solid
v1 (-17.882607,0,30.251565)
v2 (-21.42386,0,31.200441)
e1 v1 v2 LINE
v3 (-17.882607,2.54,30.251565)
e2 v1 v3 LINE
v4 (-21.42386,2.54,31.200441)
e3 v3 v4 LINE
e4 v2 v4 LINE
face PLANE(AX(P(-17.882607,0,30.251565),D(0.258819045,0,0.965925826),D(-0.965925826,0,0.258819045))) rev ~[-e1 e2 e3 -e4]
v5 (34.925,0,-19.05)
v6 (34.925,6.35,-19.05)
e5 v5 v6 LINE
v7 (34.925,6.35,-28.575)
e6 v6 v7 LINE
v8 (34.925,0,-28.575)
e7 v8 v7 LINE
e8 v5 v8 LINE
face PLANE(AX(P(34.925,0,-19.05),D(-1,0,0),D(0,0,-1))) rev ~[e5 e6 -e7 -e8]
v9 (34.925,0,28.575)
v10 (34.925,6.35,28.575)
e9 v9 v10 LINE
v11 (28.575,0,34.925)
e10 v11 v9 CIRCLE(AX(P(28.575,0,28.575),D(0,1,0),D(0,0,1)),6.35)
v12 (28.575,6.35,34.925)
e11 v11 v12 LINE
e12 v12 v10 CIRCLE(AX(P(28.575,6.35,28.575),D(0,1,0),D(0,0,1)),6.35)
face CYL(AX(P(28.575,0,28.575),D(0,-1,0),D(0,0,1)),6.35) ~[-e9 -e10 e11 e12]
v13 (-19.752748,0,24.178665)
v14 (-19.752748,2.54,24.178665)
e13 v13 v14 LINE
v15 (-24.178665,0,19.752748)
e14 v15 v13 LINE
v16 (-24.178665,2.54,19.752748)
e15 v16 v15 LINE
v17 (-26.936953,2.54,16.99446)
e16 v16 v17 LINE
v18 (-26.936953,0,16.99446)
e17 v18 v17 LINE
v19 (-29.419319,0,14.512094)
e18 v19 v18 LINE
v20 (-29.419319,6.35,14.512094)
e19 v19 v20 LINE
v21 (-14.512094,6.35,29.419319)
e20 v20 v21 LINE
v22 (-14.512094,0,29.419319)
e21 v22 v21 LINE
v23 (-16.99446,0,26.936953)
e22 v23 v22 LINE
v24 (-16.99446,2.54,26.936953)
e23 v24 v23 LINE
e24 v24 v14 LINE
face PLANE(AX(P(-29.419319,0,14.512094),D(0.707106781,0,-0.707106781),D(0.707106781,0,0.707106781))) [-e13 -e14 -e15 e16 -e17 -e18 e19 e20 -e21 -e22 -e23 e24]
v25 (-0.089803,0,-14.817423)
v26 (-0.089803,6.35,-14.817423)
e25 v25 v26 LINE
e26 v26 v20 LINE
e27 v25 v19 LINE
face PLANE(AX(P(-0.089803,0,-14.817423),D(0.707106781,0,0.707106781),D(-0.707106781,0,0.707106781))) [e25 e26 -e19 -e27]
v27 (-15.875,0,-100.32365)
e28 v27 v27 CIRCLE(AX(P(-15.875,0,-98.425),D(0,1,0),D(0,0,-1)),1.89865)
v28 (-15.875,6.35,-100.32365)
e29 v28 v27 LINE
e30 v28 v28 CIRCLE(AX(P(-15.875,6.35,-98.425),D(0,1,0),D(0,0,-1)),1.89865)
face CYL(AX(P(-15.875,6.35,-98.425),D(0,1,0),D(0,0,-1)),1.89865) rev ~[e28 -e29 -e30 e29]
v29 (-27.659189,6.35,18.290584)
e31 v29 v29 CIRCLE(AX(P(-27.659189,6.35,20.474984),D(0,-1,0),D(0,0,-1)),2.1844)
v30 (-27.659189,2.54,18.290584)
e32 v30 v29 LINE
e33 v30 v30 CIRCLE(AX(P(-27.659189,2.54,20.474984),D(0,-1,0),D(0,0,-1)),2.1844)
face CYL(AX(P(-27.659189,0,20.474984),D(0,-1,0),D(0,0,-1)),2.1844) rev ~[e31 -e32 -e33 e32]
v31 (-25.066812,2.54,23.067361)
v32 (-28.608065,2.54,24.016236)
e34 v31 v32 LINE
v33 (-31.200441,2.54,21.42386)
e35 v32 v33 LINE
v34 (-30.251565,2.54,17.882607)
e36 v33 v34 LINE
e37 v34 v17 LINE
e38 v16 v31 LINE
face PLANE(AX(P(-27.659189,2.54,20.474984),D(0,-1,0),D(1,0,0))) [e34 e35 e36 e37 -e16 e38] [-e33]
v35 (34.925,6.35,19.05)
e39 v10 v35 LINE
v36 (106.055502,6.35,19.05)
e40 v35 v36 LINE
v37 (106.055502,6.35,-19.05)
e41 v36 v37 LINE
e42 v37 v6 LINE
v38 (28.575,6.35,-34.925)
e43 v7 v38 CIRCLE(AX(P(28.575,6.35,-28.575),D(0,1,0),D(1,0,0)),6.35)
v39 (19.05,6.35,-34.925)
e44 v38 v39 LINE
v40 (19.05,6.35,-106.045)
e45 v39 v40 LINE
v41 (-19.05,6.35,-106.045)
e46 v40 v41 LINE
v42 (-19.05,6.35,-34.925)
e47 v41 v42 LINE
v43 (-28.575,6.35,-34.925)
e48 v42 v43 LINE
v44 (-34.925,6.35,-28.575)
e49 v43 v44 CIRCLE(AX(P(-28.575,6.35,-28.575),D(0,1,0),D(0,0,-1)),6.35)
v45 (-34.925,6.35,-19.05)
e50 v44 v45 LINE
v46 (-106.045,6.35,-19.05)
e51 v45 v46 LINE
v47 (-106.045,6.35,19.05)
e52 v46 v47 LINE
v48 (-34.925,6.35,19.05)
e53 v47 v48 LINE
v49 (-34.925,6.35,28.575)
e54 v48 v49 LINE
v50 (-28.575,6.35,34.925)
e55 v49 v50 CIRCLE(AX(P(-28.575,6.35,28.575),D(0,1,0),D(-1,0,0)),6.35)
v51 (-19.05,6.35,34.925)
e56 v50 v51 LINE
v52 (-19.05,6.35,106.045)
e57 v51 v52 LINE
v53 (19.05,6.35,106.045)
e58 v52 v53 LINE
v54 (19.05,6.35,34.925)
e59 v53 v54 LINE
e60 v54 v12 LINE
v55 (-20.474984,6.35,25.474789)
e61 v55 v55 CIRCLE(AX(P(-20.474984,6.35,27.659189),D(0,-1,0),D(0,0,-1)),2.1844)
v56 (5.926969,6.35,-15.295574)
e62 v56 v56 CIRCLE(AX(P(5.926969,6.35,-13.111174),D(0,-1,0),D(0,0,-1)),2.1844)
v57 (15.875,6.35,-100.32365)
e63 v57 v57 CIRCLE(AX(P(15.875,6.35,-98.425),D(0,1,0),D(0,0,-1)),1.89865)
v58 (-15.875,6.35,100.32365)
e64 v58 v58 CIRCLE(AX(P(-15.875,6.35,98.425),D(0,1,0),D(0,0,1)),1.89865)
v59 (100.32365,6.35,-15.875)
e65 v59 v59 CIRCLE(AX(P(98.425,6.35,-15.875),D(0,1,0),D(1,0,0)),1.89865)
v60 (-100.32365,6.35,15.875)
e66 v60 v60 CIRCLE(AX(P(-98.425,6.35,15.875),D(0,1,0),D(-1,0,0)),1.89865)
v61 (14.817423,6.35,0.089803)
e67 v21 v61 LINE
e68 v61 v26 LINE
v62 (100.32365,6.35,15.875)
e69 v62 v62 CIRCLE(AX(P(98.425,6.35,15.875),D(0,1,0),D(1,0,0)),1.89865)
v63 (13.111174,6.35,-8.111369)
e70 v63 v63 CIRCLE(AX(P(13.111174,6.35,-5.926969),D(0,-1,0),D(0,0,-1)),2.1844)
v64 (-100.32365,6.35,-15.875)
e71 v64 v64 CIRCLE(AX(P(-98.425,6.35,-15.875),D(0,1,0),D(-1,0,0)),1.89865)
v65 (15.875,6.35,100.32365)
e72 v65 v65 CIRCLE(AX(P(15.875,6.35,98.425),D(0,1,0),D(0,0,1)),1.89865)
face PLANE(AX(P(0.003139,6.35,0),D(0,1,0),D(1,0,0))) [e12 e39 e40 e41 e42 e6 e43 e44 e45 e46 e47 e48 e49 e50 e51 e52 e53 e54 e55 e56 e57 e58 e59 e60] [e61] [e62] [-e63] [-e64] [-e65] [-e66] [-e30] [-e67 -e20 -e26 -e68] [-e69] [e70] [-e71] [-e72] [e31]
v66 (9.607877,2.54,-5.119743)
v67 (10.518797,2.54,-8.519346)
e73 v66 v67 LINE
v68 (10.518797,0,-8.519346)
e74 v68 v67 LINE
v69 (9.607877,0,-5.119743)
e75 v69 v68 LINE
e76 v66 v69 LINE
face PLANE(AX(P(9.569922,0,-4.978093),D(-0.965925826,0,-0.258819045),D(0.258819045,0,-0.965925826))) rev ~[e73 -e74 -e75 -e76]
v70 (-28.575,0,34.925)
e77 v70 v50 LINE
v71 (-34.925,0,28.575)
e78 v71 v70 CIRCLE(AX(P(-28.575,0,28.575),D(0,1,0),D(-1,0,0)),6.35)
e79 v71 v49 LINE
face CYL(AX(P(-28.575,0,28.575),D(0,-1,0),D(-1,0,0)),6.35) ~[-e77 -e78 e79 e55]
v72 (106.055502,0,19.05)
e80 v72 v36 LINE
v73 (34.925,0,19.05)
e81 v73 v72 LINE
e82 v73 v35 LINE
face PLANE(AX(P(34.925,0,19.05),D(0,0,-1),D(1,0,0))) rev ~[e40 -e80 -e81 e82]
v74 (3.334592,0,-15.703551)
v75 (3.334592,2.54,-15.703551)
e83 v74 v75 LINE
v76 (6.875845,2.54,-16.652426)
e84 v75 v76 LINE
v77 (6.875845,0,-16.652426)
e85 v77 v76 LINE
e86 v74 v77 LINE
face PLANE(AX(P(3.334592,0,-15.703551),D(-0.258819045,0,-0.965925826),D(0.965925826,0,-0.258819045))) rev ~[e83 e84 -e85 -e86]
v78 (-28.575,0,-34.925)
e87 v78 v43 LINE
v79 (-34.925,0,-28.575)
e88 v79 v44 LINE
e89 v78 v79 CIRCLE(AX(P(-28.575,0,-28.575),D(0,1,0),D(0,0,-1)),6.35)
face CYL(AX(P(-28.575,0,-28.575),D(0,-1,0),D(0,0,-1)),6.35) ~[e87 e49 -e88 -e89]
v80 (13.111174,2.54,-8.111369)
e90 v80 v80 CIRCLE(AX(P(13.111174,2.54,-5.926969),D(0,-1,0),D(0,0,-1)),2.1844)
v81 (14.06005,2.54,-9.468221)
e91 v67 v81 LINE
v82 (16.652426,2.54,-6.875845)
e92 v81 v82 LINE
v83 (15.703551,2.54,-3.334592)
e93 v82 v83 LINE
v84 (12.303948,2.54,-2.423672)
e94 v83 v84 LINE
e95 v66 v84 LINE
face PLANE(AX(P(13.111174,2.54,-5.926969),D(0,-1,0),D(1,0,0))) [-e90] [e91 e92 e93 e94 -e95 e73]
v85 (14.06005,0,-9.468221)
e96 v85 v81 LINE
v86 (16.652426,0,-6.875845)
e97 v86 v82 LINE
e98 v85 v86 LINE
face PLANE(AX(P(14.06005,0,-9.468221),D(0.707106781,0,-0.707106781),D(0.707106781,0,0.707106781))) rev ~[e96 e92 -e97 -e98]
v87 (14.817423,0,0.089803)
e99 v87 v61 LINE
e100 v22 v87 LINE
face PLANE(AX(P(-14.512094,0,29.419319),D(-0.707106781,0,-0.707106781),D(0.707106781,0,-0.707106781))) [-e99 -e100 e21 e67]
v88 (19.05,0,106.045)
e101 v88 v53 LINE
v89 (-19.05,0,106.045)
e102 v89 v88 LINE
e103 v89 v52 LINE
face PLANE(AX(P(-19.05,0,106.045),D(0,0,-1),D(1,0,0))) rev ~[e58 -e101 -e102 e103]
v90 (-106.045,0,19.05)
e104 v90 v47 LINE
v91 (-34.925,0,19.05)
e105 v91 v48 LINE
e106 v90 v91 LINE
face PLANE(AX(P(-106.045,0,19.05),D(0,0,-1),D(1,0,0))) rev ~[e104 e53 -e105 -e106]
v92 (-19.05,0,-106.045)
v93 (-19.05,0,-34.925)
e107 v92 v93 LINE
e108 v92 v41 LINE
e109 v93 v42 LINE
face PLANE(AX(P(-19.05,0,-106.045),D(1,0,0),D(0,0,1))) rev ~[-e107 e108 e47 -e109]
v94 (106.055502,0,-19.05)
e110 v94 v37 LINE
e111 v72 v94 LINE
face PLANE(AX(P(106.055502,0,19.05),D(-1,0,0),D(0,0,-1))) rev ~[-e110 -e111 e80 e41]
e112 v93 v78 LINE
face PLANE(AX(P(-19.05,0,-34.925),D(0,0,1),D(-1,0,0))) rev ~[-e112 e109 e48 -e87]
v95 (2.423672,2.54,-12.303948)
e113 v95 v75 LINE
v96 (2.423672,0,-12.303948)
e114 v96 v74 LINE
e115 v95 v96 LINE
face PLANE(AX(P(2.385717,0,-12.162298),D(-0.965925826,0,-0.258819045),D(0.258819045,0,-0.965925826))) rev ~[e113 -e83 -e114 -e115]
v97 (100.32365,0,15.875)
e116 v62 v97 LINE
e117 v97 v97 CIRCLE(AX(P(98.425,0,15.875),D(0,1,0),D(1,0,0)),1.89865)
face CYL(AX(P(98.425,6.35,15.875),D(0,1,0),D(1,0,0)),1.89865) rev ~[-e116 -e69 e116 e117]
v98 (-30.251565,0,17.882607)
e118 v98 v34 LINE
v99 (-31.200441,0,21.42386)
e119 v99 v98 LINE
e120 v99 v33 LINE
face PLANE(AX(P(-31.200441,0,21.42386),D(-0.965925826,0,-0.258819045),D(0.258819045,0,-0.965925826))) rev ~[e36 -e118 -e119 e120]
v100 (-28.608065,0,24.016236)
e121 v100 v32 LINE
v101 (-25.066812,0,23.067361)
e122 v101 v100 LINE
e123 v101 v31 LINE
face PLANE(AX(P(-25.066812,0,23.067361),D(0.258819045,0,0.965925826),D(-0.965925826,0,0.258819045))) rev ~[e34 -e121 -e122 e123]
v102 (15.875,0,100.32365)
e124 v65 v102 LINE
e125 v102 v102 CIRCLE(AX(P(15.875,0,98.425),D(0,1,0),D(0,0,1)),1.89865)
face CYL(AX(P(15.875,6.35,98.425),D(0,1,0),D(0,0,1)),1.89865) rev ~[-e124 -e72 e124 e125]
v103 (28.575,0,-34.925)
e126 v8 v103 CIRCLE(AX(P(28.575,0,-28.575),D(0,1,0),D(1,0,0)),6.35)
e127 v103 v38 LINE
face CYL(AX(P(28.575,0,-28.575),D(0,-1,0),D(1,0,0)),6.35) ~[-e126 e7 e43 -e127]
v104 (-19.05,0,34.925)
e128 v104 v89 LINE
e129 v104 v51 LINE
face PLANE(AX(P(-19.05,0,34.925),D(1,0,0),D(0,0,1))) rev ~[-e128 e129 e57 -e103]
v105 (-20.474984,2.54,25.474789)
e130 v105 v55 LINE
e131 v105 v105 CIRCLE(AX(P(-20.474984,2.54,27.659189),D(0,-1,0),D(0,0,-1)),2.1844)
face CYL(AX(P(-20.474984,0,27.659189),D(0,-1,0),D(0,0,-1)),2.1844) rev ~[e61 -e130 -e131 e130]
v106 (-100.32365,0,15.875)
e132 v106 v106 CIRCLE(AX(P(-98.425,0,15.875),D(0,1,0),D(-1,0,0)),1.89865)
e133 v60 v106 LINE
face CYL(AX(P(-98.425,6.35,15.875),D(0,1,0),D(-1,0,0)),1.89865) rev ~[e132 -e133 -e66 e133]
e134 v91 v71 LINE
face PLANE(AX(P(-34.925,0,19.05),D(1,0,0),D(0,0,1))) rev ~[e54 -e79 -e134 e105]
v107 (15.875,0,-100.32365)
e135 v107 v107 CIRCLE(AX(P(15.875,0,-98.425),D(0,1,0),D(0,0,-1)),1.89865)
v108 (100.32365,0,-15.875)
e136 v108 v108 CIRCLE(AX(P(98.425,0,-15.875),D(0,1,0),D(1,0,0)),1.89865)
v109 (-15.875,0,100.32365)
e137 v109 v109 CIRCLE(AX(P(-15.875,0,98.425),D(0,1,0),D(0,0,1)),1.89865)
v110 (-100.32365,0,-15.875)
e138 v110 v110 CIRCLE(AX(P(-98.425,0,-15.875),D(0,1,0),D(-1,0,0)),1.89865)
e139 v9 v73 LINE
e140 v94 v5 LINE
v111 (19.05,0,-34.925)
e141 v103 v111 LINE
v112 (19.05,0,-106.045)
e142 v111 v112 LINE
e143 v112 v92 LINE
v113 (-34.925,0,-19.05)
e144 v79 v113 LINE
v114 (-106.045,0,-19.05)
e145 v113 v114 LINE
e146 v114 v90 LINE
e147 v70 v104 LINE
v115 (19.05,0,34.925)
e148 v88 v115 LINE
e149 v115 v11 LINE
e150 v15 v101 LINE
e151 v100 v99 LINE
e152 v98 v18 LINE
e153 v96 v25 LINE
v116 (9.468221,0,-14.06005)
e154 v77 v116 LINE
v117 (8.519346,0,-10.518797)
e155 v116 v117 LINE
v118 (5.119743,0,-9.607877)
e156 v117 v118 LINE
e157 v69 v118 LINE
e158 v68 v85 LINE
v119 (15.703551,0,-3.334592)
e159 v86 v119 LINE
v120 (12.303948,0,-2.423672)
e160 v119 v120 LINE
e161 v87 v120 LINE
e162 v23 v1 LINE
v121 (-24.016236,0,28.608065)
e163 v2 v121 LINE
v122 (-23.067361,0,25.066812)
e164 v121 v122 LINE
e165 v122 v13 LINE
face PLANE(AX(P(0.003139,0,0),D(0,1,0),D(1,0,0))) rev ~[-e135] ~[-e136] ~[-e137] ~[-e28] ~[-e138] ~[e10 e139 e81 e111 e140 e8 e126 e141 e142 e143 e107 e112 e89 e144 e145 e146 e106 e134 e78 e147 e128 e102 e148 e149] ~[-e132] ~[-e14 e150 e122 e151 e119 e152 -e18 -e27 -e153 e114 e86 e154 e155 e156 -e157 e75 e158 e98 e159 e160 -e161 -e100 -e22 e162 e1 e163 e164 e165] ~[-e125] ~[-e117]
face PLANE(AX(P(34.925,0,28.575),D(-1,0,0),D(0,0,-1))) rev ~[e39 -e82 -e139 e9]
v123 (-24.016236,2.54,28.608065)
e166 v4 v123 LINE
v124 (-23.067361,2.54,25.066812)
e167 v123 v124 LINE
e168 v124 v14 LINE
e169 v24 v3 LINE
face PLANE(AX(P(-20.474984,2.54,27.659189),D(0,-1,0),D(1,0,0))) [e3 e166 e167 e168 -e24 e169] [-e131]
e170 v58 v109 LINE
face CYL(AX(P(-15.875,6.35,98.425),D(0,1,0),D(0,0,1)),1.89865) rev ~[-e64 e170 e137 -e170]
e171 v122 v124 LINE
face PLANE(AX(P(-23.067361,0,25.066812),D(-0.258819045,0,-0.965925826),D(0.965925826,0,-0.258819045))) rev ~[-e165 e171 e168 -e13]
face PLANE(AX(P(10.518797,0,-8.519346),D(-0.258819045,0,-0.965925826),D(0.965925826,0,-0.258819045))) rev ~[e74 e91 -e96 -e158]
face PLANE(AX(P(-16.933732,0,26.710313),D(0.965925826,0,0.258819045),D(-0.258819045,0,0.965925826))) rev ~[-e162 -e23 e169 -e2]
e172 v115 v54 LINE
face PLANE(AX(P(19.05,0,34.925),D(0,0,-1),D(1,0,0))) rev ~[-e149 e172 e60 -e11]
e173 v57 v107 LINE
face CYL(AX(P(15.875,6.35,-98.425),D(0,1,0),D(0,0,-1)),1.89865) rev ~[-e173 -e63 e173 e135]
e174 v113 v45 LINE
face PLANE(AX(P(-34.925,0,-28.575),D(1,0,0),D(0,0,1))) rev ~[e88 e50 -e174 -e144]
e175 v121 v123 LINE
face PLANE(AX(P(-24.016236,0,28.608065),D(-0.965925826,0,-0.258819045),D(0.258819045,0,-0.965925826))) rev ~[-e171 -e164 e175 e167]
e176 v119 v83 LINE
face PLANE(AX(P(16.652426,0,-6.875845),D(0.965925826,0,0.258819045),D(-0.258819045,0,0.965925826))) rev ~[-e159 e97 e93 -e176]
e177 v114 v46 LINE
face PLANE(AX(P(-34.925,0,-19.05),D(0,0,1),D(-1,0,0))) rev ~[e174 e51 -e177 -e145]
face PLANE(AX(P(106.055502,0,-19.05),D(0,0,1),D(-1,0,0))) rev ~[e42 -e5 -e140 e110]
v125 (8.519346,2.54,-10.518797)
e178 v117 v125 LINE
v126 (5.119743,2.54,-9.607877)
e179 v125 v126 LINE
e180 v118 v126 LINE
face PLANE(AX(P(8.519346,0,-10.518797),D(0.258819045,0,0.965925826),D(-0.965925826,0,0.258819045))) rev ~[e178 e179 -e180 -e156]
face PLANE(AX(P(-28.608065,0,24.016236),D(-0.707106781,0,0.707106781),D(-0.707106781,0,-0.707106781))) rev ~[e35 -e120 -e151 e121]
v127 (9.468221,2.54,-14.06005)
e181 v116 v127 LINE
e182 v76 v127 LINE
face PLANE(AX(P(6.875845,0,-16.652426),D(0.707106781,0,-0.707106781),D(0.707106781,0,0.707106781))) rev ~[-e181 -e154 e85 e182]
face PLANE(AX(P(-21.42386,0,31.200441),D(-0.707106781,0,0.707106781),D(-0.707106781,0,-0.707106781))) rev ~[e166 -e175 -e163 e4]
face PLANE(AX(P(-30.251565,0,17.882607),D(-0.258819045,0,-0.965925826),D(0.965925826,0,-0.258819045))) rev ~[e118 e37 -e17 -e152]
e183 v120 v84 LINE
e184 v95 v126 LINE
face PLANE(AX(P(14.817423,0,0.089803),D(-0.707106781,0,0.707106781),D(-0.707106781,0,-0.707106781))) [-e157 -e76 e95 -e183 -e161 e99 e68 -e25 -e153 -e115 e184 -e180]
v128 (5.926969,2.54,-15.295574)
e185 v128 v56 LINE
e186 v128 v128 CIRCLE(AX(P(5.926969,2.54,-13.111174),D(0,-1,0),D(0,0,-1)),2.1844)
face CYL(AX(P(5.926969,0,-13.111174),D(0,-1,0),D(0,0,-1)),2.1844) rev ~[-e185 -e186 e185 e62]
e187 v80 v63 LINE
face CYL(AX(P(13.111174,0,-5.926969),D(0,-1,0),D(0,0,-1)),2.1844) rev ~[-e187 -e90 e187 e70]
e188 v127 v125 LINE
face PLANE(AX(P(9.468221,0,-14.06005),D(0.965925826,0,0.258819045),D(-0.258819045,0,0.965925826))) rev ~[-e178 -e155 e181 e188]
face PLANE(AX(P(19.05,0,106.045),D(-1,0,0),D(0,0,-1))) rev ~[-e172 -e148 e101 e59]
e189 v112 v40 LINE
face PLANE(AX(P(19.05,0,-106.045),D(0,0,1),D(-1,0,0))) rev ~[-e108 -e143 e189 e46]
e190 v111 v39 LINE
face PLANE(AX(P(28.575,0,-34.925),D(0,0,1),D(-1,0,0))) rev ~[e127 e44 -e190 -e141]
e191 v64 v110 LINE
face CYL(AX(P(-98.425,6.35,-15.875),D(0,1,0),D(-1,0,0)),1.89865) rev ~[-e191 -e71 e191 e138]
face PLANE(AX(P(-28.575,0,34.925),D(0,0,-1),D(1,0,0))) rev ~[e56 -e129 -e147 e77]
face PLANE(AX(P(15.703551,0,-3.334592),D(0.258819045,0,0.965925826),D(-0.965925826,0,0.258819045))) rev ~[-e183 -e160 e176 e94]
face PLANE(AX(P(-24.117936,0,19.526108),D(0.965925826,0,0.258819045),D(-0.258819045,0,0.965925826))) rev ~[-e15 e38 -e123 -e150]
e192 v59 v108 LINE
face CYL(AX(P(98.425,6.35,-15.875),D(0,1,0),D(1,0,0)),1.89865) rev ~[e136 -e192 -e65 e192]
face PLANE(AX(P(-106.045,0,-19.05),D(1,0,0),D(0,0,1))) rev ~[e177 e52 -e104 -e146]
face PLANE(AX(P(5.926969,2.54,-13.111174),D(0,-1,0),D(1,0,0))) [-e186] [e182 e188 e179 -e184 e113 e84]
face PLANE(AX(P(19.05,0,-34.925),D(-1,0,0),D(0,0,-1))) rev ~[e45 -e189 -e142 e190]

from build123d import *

# Parameters (mm, degrees)
BOSS_EXTRU_1_DEPTH           = 6.35
ENL_V_MAT_EXTRU_1_REACH      = 152.112
ESQUISSE2_R                  = 2.1844
ENL_V_MAT_EXTRU_2_DEPTH      = 2.54
ENL_V_MAT_EXTRU_3_REACH      = 152.112
ESQUISSE5_R                  = 1.89865
ENL_V_MAT_EXTRU_4_DEPTH      = 151.112071772
R_P_TITION_CIRCULAIRE1_COUNT = 4


with BuildPart() as part:
    # Esquisse1 → Boss.-Extru.1 (new body)
    with BuildSketch(Plane(origin=(0, 0, 0), x_dir=(1, 0, 0), z_dir=(0, 1, 0))):
        with BuildLine():
            Line((19.049999994, 106.045), (-19.050000006, 106.045))
            Line((-19.050000006, 106.045), (-19.050000006, 34.925))
            Line((-19.050000006, 34.925), (-28.575, 34.925))
            ThreePointArc((-28.575, 34.925), (-33.065128061, 33.065128061), (-34.925, 28.575))
            Line((-34.925, 28.575), (-34.925, 19.05))
            Line((-34.925, 19.05), (-106.045, 19.05))
            Line((-106.045, 19.05), (-106.045, -19.05))
            Line((-106.045, -19.05), (-34.925, -19.05))
            Line((-34.925, -19.05), (-34.925, -28.575))
            ThreePointArc((-34.925, -28.575), (-33.065128061, -33.065128061), (-28.575, -34.925))
            Line((-28.575, -34.925), (-19.05, -34.925))
            Line((-19.05, -34.925), (-19.05, -106.045))
            Line((-19.05, -106.045), (19.05, -106.045))
            Line((19.05, -106.045), (19.05, -34.925))
            Line((19.05, -34.925), (28.575, -34.925))
            ThreePointArc((28.575, -34.925), (33.065128061, -33.065128061), (34.925, -28.575))
            Line((34.925, -28.575), (34.925, -19.05))
            Line((34.925, -19.05), (106.055502293, -19.05))
            Line((106.055502293, -19.05), (106.055502293, 19.05))
            Line((106.055502293, 19.05), (34.925, 19.05))
            Line((34.925, 19.05), (34.925, 28.575))
            ThreePointArc((34.925, 28.575), (33.065128061, 33.065128061), (28.575, 34.925))
            Line((28.575, 34.925), (19.049999994, 34.925))
            Line((19.049999994, 34.925), (19.049999994, 106.045))
        make_face()
    extrude(amount=BOSS_EXTRU_1_DEPTH)

    # Esquisse2 → Enlèv. mat.-Extru.1 (cut, up to next)
    with BuildSketch(Plane.XZ, mode=Mode.PRIVATE) as enl_v_mat_extru_1_sk1:
        with Locations(Location((-20.474983956, 27.659188853, 0), (0, 0, 270))):
            Circle(ESQUISSE2_R)
    enl_v_mat_extru_1_tool1 = extrude(enl_v_mat_extru_1_sk1.sketch, amount=-ENL_V_MAT_EXTRU_1_REACH, mode=Mode.PRIVATE) & part.part
    # Esquisse2 → Enlèv. mat.-Extru.1 (cut, up to next)
    with BuildSketch(Plane.XZ, mode=Mode.PRIVATE) as enl_v_mat_extru_1_sk2:
        with Locations(Location((-27.659188853, 20.474983956, 0), (0, 0, 270))):
            Circle(ESQUISSE2_R)
    enl_v_mat_extru_1_tool2 = extrude(enl_v_mat_extru_1_sk2.sketch, amount=-ENL_V_MAT_EXTRU_1_REACH, mode=Mode.PRIVATE) & part.part
    # Esquisse2 → Enlèv. mat.-Extru.1 (cut, up to next)
    with BuildSketch(Plane.XZ, mode=Mode.PRIVATE) as enl_v_mat_extru_1_sk3:
        with Locations(Location((13.111173937, -5.92696904, 0), (0, 0, 270))):
            Circle(ESQUISSE2_R)
    enl_v_mat_extru_1_tool3 = extrude(enl_v_mat_extru_1_sk3.sketch, amount=-ENL_V_MAT_EXTRU_1_REACH, mode=Mode.PRIVATE) & part.part
    # Esquisse2 → Enlèv. mat.-Extru.1 (cut, up to next)
    with BuildSketch(Plane.XZ, mode=Mode.PRIVATE) as enl_v_mat_extru_1_sk4:
        with Locations(Location((5.92696904, -13.111173937, 0), (0, 0, 270))):
            Circle(ESQUISSE2_R)
    enl_v_mat_extru_1_tool4 = extrude(enl_v_mat_extru_1_sk4.sketch, amount=-ENL_V_MAT_EXTRU_1_REACH, mode=Mode.PRIVATE) & part.part
    add(enl_v_mat_extru_1_tool1.solids().sort_by_distance((-20.474984, 0, 27.659189))[0], mode=Mode.SUBTRACT)
    add(enl_v_mat_extru_1_tool2.solids().sort_by_distance((-27.659189, 0, 20.474984))[0], mode=Mode.SUBTRACT)
    add(enl_v_mat_extru_1_tool3.solids().sort_by_distance((13.111174, 0, -5.926969))[0], mode=Mode.SUBTRACT)
    add(enl_v_mat_extru_1_tool4.solids().sort_by_distance((5.926969, 0, -13.111174))[0], mode=Mode.SUBTRACT)

    # Esquisse3 → Enlèv. mat.-Extru.2 (cut)
    with BuildSketch(Plane.XZ):
        Polygon((16.652426289, -6.875844748), (15.703550581, -3.334592395), (12.162298229, -2.385716687), (9.569921584, -4.978093332), (10.518797292, -8.519345684), (14.060049645, -9.468221392), align=None)
        Polygon((9.468221392, -14.060049645), (8.519345684, -10.518797292), (4.978093332, -9.569921584), (2.385716687, -12.162298229), (3.334592395, -15.703550581), (6.875844748, -16.652426289), align=None)
        Polygon((-17.882607312, 30.251565497), (-21.423859664, 31.200441205), (-24.016236309, 28.608064561), (-23.0673606, 25.066812208), (-19.526108248, 24.1179365), (-16.933731604, 26.710313145), align=None)
        Polygon((-28.608064561, 24.016236309), (-31.200441205, 21.423859664), (-30.251565497, 17.882607312), (-26.710313145, 16.933731604), (-24.1179365, 19.526108248), (-25.066812208, 23.0673606), align=None)
    extrude(amount=-ENL_V_MAT_EXTRU_2_DEPTH, mode=Mode.SUBTRACT)

    # Esquisse4 → Enlèv. mat.-Extru.3 (cut, up to next)
    with BuildSketch(Plane.XZ, mode=Mode.PRIVATE) as enl_v_mat_extru_3_sk1:
        Polygon((-29.419319053, 14.512093892), (-14.512093892, 29.419319053), (14.8174226, 0.089802561), (-0.089802561, -14.8174226), align=None)
    enl_v_mat_extru_3_tool1 = extrude(enl_v_mat_extru_3_sk1.sketch, amount=-ENL_V_MAT_EXTRU_3_REACH, mode=Mode.PRIVATE) & part.part
    add(enl_v_mat_extru_3_tool1.solids().sort_by_distance((-7.300948, 0, 7.300948))[0], mode=Mode.SUBTRACT)

    # Esquisse5 → Enlèv. mat.-Extru.4 (cut, through all)
    with BuildSketch(Plane(origin=(0, 6.35, 0), x_dir=(1, 0, 0), z_dir=(0, 1, 0))):
        with Locations(Location((15.875, -98.425, 0), (0, 0, 270))):
            Circle(ESQUISSE5_R)
        with Locations(Location((-15.875, -98.425, 0), (0, 0, 270))):
            Circle(ESQUISSE5_R)
    enl_v_mat_extru_4 = extrude(amount=-ENL_V_MAT_EXTRU_4_DEPTH, mode=Mode.SUBTRACT)

    # Répétition circulaire1: Enlèv. mat.-Extru.4 ×4 about axis
    r_p_tition_circulaire1_axis = Axis((0, 0, 0), (0, 1, 0))
    for i in range(1, R_P_TITION_CIRCULAIRE1_COUNT):
        add(enl_v_mat_extru_4.rotate(r_p_tition_circulaire1_axis, i * 360 / R_P_TITION_CIRCULAIRE1_COUNT), mode=Mode.SUBTRACT)


solid = part.part
